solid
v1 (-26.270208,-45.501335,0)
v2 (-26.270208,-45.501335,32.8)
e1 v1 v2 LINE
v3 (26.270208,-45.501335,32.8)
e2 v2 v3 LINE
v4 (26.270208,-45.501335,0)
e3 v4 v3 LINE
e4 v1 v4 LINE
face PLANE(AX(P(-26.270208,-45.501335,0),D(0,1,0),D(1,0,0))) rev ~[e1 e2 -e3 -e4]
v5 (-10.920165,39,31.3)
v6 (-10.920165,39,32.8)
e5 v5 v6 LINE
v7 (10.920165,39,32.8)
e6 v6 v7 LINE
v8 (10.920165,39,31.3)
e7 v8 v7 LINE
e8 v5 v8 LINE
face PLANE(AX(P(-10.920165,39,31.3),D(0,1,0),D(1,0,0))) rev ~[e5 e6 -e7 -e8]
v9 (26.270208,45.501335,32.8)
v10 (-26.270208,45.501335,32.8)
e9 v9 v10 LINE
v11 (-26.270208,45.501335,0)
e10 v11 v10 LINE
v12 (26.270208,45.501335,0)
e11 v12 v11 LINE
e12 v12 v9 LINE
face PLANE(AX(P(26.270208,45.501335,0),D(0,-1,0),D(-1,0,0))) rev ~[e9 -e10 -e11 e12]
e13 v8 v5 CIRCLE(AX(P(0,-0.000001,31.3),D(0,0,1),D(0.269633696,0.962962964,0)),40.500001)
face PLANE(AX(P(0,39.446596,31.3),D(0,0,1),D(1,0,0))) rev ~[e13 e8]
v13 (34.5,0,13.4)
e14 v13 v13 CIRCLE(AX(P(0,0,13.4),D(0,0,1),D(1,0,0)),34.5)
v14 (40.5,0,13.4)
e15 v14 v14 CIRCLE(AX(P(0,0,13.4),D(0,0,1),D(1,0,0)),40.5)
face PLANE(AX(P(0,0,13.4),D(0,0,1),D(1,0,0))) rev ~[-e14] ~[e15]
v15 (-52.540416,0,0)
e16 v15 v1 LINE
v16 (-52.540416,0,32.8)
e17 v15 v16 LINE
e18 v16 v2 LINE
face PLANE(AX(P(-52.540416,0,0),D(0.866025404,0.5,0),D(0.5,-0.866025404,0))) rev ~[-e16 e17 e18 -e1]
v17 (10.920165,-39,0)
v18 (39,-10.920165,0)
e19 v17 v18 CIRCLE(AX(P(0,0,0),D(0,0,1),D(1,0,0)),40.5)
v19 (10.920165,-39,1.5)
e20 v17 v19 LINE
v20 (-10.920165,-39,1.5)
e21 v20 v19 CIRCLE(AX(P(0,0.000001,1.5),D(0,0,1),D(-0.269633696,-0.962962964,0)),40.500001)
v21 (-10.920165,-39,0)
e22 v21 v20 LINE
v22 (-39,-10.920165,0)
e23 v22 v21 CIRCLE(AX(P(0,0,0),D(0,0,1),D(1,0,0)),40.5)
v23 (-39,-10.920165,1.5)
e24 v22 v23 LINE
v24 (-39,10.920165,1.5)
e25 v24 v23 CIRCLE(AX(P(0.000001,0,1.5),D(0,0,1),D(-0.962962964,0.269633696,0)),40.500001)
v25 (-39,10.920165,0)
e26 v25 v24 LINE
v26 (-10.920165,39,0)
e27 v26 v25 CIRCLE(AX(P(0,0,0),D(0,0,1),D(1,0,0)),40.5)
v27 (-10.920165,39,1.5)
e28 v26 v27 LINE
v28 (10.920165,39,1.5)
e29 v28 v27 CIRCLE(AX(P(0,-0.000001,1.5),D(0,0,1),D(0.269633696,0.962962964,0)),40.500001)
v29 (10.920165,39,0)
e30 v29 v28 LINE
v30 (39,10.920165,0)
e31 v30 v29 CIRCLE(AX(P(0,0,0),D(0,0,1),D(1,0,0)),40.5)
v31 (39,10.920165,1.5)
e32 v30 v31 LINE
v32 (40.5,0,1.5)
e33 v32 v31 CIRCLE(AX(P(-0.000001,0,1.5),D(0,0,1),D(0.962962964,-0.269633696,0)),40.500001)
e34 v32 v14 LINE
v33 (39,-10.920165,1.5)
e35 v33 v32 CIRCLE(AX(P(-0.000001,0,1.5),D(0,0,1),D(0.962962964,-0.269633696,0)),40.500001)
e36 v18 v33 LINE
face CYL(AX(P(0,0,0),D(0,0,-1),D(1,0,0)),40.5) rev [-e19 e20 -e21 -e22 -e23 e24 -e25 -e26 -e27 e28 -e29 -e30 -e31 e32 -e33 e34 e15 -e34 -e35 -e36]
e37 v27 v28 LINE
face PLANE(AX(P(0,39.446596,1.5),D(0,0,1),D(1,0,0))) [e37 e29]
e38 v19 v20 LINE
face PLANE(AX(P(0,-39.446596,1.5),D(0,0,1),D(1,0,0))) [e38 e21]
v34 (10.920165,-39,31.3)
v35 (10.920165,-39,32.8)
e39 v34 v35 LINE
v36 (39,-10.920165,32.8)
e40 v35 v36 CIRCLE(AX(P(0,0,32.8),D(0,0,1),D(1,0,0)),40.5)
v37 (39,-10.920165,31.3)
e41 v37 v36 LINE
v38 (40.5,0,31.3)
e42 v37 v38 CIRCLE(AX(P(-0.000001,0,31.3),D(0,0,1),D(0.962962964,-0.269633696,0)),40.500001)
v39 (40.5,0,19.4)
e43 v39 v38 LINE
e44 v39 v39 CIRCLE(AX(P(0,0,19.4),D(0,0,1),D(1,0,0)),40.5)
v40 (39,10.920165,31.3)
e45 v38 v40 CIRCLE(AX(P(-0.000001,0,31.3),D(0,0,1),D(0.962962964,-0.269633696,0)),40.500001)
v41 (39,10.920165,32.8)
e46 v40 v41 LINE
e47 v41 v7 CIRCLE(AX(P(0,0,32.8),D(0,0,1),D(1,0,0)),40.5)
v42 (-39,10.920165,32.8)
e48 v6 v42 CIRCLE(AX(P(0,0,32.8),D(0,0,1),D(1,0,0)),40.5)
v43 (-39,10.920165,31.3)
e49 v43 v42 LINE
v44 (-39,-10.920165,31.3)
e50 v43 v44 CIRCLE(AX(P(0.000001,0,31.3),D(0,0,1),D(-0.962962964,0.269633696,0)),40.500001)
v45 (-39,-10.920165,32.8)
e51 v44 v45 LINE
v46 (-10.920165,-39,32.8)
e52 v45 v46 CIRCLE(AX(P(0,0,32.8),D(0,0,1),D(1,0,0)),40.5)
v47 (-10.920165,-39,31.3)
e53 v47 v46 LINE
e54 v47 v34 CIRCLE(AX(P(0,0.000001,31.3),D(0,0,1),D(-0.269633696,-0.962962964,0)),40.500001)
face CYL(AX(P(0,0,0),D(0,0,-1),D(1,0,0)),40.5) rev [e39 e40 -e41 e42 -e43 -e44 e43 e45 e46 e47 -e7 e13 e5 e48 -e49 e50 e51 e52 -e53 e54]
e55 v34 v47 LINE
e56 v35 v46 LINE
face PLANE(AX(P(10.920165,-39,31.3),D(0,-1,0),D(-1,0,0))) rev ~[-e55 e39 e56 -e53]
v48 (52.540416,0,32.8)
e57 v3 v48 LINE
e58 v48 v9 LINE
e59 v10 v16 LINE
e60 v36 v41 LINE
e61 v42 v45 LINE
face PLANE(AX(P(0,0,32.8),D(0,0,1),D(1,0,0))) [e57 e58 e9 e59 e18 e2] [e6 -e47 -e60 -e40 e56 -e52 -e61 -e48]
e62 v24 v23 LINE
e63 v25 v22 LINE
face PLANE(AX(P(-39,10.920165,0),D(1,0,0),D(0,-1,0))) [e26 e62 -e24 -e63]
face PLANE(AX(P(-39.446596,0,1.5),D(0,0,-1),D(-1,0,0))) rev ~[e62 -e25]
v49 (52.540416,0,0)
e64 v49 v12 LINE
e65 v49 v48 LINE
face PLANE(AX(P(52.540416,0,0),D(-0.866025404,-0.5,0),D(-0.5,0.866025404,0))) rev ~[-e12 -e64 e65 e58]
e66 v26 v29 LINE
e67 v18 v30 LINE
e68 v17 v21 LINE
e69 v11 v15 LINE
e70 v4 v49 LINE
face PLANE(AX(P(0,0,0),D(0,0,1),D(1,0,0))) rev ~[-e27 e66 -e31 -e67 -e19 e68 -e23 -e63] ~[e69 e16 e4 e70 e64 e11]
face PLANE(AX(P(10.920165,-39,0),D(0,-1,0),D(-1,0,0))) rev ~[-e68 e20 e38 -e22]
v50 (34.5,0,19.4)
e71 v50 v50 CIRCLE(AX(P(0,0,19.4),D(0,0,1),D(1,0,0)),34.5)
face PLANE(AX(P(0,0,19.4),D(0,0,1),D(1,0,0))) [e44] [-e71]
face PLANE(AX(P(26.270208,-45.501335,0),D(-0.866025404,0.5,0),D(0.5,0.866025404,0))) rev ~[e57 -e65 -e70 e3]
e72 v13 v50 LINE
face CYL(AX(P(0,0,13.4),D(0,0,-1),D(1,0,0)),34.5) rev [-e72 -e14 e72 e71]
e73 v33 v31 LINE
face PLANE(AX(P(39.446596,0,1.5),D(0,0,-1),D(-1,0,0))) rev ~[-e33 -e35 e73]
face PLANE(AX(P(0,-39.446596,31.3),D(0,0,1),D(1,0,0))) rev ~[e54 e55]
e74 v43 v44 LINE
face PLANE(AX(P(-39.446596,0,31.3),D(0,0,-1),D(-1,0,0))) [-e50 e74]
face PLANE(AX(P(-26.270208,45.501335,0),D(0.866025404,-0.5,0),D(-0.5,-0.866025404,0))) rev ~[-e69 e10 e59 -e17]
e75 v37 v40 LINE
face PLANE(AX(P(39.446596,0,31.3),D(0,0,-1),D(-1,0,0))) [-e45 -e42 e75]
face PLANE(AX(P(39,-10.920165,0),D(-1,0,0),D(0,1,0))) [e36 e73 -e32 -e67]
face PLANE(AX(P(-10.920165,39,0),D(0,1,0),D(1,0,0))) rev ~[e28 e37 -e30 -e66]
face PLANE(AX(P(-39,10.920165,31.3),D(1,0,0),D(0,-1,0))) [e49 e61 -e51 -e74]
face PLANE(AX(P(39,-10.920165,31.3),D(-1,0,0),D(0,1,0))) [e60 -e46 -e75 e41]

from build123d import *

# Parameters (mm, degrees)
SKETCH001_R      = 40.5
EXTRUDE011_DEPTH = 32.8
EXTRUDE010_DEPTH = 32.8
SKETCH006_R      = 34.5
EXTRUDE009_DEPTH = 6
SKETCH005_R      = 40.5
EXTRUDE008_DEPTH = 6
EXTRUDE005_DEPTH = 1.5
EXTRUDE006_DEPTH = 1.5
EXTRUDE007_DEPTH = 1.5
EXTRUDE004_DEPTH = 1.5
EXTRUDE001_DEPTH = 1.5
EXTRUDE002_DEPTH = 1.5
EXTRUDE003_DEPTH = 1.5
EXTRUDE_DEPTH    = 1.5


with BuildPart() as lid_extrude:
    # Sketch001 (on Sketch) → Extrude011 (new body)
    with BuildSketch(Plane.XY):
        Circle(SKETCH001_R)
    extrude(amount=EXTRUDE011_DEPTH)


with BuildPart() as body:
    # Sketch → Extrude010 (new body)
    with BuildSketch(Plane.XY):
        Polygon((52.540416, 0), (26.270208, 45.501335), (-26.270208, 45.501335), (-52.540416, 0), (-26.270208, -45.501335), (26.270208, -45.501335), align=None)
    extrude(amount=EXTRUDE010_DEPTH)

    # Cut001: cut lid_extrude
    add(lid_extrude.part, mode=Mode.SUBTRACT)


with BuildPart() as lid_divider_in_extrude:
    # Sketch006 → Extrude009 (new body)
    with BuildSketch(Plane.XY):
        Circle(SKETCH006_R)
    extrude(amount=EXTRUDE009_DEPTH)


with BuildPart() as body_divider_fuse:
    # Sketch005 → Extrude008 (new body)
    with BuildSketch(Plane.XY):
        Circle(SKETCH005_R)
    extrude(amount=EXTRUDE008_DEPTH)

    # Cut: cut lid_divider_in_extrude
    add(lid_divider_in_extrude.part, mode=Mode.SUBTRACT)


with BuildPart() as body_divider_fuse_1:
    # Cut placement: moved
    add(body_divider_fuse.part.moved(Location((0, 0, 13.4))))

    # Fusion: union body
    add(body.part)


with BuildPart() as top_teeth1_extrude:
    # MirroredSketch004 → Extrude005 (new body)
    with BuildSketch(Plane.XY):
        with BuildLine():
            Line((10.920165, -39), (-10.920165, -39))
            ThreePointArc((-10.920165, -39), (0, -40.5), (10.920165, -39))
        make_face()
    extrude(amount=EXTRUDE005_DEPTH)


with BuildPart() as top_teeth2_extrude:
    # Sketch007 → Extrude006 (new body)
    with BuildSketch(Plane.XY):
        with BuildLine():
            Line((-39, 10.920165), (-39, -10.920165))
            ThreePointArc((-39, 10.920165), (-40.5, 0), (-39, -10.920165))
        make_face()
    extrude(amount=EXTRUDE006_DEPTH)


with BuildPart() as top_teeth3_extrude:
    # MirroredSketch005 → Extrude007 (new body)
    with BuildSketch(Plane.XY):
        with BuildLine():
            Line((39, -10.920165), (39, 10.920165))
            ThreePointArc((39, -10.920165), (40.5, 0), (39, 10.920165))
        make_face()
    extrude(amount=EXTRUDE007_DEPTH)


with BuildPart() as body_top_teeth_fuse:
    # MirroredSketch003 → Extrude004 (new body)
    with BuildSketch(Plane.XY):
        with BuildLine():
            Line((-10.920165, 39), (10.920165, 39))
            ThreePointArc((10.920165, 39), (0, 40.5), (-10.920165, 39))
        make_face()
    extrude(amount=EXTRUDE004_DEPTH)

    # Compound001: union top_teeth1_extrude, top_teeth2_extrude, top_teeth3_extrude
    add(top_teeth1_extrude.part)
    add(top_teeth2_extrude.part)
    add(top_teeth3_extrude.part)


with BuildPart() as body_top_teeth_fuse_1:
    # Compound001 placement: moved
    add(body_top_teeth_fuse.part.moved(Location((0, 0, 31.3))))

    # Fusion001: union body_divider_fuse
    add(body_divider_fuse_1.part)


with BuildPart() as bottom_teeth1_extrude:
    # MirroredSketch002 → Extrude001 (new body)
    with BuildSketch(Plane.XY):
        with BuildLine():
            Line((-10.920165, 39), (10.920165, 39))
            ThreePointArc((10.920165, 39), (0, 40.5), (-10.920165, 39))
        make_face()
    extrude(amount=EXTRUDE001_DEPTH)


with BuildPart() as bottom_teeth2_extrude:
    # MirroredSketch → Extrude002 (new body)
    with BuildSketch(Plane.XY):
        with BuildLine():
            Line((10.920165, -39), (-10.920165, -39))
            ThreePointArc((-10.920165, -39), (0, -40.5), (10.920165, -39))
        make_face()
    extrude(amount=EXTRUDE002_DEPTH)


with BuildPart() as bottom_teeth3_extrude:
    # Sketch003 → Extrude003 (new body)
    with BuildSketch(Plane.XY):
        with BuildLine():
            Line((-39, 10.920165), (-39, -10.920165))
            ThreePointArc((-39, 10.920165), (-40.5, 0), (-39, -10.920165))
        make_face()
    extrude(amount=EXTRUDE003_DEPTH)


with BuildPart() as body_bottom_teeth_fuse:
    # MirroredSketch001 → Extrude (new body)
    with BuildSketch(Plane.XY):
        with BuildLine():
            Line((39, -10.920165), (39, 10.920165))
            ThreePointArc((39, -10.920165), (40.5, 0), (39, 10.920165))
        make_face()
    extrude(amount=EXTRUDE_DEPTH)

    # Compound: union bottom_teeth1_extrude, bottom_teeth2_extrude, bottom_teeth3_extrude
    add(bottom_teeth1_extrude.part)
    add(bottom_teeth2_extrude.part)
    add(bottom_teeth3_extrude.part)

    # Fusion002: union body_top_teeth_fuse
    add(body_top_teeth_fuse_1.part)


solid = body_bottom_teeth_fuse.part
